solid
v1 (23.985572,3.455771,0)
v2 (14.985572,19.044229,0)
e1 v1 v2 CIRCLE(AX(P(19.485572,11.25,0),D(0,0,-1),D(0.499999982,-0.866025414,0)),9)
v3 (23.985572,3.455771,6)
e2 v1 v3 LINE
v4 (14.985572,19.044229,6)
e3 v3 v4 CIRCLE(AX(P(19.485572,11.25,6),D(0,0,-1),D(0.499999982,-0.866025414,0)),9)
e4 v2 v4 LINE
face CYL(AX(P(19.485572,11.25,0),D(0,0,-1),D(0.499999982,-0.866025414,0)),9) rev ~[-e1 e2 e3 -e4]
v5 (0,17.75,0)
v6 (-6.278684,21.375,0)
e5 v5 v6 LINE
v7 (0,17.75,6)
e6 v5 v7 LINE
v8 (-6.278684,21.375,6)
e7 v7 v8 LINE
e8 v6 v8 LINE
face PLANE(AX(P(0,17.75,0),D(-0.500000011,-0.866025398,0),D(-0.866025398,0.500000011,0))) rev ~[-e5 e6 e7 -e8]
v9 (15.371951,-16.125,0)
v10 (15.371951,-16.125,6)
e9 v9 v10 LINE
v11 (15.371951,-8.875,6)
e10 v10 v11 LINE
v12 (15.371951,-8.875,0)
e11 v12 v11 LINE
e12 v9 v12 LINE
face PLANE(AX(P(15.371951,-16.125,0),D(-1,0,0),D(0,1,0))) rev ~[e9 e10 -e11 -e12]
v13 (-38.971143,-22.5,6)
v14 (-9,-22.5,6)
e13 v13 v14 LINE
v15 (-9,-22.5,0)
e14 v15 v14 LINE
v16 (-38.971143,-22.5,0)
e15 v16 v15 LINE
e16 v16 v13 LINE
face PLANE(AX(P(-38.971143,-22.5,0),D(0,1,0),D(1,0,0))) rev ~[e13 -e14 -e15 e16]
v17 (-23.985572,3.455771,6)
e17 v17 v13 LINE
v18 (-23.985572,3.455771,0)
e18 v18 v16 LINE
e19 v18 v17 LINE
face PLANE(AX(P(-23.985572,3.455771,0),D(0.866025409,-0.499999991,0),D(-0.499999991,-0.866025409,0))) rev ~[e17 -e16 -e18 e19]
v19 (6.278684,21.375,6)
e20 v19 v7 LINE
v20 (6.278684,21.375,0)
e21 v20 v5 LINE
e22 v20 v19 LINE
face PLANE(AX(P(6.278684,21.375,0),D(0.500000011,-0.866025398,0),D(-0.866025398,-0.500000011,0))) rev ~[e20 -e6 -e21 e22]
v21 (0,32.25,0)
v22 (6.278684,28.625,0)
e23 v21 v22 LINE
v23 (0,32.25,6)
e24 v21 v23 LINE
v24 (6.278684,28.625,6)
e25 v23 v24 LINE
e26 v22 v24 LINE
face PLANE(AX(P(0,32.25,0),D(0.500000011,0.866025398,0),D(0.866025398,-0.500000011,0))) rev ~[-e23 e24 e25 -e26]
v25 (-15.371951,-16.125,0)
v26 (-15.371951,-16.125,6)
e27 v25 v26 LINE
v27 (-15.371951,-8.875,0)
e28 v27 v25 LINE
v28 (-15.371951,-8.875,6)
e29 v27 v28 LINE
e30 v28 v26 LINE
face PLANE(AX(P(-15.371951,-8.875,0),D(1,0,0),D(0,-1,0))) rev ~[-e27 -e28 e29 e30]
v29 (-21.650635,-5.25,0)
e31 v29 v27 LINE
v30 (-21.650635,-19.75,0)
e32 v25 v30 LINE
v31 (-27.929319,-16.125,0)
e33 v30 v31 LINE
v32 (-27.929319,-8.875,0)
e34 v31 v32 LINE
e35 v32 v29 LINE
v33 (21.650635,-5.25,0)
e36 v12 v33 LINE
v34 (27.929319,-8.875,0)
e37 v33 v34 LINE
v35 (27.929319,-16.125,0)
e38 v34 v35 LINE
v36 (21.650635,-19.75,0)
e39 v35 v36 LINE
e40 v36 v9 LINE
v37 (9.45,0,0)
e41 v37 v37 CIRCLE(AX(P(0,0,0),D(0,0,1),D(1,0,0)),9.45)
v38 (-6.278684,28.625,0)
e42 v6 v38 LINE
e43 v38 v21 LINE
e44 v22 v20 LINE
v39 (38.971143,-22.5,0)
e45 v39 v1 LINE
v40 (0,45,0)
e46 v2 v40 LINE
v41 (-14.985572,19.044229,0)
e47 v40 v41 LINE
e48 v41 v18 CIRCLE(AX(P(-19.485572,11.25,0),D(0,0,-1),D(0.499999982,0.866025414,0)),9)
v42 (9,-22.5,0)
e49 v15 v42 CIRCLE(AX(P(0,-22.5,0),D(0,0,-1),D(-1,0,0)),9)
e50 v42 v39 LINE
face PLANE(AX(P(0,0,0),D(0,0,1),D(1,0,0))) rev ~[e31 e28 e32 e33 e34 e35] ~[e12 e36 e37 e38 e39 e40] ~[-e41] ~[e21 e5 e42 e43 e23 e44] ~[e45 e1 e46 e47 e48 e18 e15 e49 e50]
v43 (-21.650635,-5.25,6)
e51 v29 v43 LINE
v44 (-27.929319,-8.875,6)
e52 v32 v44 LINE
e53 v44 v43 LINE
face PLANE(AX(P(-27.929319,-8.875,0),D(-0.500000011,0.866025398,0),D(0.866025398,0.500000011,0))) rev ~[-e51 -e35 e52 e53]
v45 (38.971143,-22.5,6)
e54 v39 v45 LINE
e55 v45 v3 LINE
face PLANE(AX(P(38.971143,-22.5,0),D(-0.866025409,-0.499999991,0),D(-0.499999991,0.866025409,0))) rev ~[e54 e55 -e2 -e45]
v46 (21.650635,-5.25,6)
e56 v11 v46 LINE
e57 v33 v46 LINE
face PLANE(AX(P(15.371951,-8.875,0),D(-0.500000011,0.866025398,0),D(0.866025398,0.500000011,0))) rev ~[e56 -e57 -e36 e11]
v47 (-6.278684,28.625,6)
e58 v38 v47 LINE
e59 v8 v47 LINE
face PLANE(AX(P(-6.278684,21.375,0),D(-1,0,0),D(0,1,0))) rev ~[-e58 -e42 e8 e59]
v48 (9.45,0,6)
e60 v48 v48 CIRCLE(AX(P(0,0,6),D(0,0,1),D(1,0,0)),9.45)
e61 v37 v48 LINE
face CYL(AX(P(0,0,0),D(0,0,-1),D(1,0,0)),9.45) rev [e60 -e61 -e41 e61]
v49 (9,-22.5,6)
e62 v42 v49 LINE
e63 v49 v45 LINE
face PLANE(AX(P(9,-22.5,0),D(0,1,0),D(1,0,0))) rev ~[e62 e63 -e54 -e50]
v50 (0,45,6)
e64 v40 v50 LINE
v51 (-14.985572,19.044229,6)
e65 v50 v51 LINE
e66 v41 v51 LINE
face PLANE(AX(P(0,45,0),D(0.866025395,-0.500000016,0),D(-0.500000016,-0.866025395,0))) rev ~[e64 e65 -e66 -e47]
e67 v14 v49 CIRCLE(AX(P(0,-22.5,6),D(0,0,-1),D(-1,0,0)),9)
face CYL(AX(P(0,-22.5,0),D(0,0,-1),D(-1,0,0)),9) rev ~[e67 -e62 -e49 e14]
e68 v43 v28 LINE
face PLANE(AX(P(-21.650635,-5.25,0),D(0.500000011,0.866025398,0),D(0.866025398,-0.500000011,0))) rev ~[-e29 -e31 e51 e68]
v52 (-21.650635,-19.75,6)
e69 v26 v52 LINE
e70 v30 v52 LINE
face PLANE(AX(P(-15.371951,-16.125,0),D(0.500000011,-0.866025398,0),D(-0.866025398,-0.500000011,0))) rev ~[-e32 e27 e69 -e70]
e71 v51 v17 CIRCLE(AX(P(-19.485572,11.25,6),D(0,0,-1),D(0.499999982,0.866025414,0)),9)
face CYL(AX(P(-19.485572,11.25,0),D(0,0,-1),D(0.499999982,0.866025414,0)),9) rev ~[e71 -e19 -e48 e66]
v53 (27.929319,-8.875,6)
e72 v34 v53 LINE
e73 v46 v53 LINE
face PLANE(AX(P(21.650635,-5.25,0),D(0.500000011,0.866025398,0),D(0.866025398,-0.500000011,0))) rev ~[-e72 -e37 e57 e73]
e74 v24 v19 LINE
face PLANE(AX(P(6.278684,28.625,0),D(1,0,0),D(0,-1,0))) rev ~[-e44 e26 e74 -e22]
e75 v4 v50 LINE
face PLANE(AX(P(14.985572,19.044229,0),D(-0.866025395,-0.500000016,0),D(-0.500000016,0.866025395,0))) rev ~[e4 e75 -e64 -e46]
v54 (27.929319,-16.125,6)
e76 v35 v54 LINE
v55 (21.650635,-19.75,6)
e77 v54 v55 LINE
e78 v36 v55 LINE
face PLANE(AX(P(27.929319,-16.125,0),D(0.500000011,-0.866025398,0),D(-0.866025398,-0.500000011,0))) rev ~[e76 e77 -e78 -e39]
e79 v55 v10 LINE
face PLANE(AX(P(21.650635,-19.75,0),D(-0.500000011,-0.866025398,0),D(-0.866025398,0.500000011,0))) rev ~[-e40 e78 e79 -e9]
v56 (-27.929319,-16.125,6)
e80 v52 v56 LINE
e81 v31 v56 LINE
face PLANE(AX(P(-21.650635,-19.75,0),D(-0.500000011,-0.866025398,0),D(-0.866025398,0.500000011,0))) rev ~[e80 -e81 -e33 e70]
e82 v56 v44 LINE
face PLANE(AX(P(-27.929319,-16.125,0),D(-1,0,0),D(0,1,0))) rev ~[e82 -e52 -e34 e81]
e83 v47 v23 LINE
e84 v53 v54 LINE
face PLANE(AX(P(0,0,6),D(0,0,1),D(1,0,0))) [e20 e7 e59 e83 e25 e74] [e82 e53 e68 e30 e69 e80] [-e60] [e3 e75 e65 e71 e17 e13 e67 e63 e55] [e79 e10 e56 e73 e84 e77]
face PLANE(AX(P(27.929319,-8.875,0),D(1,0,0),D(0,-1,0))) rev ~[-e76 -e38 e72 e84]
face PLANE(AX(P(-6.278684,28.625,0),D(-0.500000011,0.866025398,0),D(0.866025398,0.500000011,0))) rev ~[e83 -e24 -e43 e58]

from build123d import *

# Parameters (mm, degrees)
F0_R     = 9.45
F1_DEPTH = 6


with BuildPart() as f1:
    # F0 (on Top) → F1 (new body)
    with BuildSketch(Plane.XY):
        with BuildLine():
            Line((14.985572, 19.044229), (0, 45))
            Line((0, 45), (-14.985572, 19.044229))
            ThreePointArc((-14.985572, 19.044229), (-11.691343, 6.75), (-23.985572, 3.455771))
            Line((-23.985572, 3.455771), (-38.971143, -22.5))
            Line((-38.971143, -22.5), (-9, -22.5))
            ThreePointArc((-9, -22.5), (0, -13.5), (9, -22.5))
            Line((9, -22.5), (38.971143, -22.5))
            Line((38.971143, -22.5), (23.985572, 3.455771))
            ThreePointArc((23.985572, 3.455771), (11.691343, 6.75), (14.985572, 19.044229))
        make_face()
        Polygon((-15.371951, -16.125), (-21.650635, -19.75), (-27.929319, -16.125), (-27.929319, -8.875), (-21.650635, -5.25), (-15.371951, -8.875), align=None, mode=Mode.SUBTRACT)
        Polygon((21.650635, -5.25), (27.929319, -8.875), (27.929319, -16.125), (21.650635, -19.75), (15.371951, -16.125), (15.371951, -8.875), align=None, mode=Mode.SUBTRACT)
        Circle(F0_R, mode=Mode.SUBTRACT)
        Polygon((-6.278684, 28.625), (0, 32.25), (6.278684, 28.625), (6.278684, 21.375), (0, 17.75), (-6.278684, 21.375), align=None, mode=Mode.SUBTRACT)
    extrude(amount=F1_DEPTH)


solid = f1.part
